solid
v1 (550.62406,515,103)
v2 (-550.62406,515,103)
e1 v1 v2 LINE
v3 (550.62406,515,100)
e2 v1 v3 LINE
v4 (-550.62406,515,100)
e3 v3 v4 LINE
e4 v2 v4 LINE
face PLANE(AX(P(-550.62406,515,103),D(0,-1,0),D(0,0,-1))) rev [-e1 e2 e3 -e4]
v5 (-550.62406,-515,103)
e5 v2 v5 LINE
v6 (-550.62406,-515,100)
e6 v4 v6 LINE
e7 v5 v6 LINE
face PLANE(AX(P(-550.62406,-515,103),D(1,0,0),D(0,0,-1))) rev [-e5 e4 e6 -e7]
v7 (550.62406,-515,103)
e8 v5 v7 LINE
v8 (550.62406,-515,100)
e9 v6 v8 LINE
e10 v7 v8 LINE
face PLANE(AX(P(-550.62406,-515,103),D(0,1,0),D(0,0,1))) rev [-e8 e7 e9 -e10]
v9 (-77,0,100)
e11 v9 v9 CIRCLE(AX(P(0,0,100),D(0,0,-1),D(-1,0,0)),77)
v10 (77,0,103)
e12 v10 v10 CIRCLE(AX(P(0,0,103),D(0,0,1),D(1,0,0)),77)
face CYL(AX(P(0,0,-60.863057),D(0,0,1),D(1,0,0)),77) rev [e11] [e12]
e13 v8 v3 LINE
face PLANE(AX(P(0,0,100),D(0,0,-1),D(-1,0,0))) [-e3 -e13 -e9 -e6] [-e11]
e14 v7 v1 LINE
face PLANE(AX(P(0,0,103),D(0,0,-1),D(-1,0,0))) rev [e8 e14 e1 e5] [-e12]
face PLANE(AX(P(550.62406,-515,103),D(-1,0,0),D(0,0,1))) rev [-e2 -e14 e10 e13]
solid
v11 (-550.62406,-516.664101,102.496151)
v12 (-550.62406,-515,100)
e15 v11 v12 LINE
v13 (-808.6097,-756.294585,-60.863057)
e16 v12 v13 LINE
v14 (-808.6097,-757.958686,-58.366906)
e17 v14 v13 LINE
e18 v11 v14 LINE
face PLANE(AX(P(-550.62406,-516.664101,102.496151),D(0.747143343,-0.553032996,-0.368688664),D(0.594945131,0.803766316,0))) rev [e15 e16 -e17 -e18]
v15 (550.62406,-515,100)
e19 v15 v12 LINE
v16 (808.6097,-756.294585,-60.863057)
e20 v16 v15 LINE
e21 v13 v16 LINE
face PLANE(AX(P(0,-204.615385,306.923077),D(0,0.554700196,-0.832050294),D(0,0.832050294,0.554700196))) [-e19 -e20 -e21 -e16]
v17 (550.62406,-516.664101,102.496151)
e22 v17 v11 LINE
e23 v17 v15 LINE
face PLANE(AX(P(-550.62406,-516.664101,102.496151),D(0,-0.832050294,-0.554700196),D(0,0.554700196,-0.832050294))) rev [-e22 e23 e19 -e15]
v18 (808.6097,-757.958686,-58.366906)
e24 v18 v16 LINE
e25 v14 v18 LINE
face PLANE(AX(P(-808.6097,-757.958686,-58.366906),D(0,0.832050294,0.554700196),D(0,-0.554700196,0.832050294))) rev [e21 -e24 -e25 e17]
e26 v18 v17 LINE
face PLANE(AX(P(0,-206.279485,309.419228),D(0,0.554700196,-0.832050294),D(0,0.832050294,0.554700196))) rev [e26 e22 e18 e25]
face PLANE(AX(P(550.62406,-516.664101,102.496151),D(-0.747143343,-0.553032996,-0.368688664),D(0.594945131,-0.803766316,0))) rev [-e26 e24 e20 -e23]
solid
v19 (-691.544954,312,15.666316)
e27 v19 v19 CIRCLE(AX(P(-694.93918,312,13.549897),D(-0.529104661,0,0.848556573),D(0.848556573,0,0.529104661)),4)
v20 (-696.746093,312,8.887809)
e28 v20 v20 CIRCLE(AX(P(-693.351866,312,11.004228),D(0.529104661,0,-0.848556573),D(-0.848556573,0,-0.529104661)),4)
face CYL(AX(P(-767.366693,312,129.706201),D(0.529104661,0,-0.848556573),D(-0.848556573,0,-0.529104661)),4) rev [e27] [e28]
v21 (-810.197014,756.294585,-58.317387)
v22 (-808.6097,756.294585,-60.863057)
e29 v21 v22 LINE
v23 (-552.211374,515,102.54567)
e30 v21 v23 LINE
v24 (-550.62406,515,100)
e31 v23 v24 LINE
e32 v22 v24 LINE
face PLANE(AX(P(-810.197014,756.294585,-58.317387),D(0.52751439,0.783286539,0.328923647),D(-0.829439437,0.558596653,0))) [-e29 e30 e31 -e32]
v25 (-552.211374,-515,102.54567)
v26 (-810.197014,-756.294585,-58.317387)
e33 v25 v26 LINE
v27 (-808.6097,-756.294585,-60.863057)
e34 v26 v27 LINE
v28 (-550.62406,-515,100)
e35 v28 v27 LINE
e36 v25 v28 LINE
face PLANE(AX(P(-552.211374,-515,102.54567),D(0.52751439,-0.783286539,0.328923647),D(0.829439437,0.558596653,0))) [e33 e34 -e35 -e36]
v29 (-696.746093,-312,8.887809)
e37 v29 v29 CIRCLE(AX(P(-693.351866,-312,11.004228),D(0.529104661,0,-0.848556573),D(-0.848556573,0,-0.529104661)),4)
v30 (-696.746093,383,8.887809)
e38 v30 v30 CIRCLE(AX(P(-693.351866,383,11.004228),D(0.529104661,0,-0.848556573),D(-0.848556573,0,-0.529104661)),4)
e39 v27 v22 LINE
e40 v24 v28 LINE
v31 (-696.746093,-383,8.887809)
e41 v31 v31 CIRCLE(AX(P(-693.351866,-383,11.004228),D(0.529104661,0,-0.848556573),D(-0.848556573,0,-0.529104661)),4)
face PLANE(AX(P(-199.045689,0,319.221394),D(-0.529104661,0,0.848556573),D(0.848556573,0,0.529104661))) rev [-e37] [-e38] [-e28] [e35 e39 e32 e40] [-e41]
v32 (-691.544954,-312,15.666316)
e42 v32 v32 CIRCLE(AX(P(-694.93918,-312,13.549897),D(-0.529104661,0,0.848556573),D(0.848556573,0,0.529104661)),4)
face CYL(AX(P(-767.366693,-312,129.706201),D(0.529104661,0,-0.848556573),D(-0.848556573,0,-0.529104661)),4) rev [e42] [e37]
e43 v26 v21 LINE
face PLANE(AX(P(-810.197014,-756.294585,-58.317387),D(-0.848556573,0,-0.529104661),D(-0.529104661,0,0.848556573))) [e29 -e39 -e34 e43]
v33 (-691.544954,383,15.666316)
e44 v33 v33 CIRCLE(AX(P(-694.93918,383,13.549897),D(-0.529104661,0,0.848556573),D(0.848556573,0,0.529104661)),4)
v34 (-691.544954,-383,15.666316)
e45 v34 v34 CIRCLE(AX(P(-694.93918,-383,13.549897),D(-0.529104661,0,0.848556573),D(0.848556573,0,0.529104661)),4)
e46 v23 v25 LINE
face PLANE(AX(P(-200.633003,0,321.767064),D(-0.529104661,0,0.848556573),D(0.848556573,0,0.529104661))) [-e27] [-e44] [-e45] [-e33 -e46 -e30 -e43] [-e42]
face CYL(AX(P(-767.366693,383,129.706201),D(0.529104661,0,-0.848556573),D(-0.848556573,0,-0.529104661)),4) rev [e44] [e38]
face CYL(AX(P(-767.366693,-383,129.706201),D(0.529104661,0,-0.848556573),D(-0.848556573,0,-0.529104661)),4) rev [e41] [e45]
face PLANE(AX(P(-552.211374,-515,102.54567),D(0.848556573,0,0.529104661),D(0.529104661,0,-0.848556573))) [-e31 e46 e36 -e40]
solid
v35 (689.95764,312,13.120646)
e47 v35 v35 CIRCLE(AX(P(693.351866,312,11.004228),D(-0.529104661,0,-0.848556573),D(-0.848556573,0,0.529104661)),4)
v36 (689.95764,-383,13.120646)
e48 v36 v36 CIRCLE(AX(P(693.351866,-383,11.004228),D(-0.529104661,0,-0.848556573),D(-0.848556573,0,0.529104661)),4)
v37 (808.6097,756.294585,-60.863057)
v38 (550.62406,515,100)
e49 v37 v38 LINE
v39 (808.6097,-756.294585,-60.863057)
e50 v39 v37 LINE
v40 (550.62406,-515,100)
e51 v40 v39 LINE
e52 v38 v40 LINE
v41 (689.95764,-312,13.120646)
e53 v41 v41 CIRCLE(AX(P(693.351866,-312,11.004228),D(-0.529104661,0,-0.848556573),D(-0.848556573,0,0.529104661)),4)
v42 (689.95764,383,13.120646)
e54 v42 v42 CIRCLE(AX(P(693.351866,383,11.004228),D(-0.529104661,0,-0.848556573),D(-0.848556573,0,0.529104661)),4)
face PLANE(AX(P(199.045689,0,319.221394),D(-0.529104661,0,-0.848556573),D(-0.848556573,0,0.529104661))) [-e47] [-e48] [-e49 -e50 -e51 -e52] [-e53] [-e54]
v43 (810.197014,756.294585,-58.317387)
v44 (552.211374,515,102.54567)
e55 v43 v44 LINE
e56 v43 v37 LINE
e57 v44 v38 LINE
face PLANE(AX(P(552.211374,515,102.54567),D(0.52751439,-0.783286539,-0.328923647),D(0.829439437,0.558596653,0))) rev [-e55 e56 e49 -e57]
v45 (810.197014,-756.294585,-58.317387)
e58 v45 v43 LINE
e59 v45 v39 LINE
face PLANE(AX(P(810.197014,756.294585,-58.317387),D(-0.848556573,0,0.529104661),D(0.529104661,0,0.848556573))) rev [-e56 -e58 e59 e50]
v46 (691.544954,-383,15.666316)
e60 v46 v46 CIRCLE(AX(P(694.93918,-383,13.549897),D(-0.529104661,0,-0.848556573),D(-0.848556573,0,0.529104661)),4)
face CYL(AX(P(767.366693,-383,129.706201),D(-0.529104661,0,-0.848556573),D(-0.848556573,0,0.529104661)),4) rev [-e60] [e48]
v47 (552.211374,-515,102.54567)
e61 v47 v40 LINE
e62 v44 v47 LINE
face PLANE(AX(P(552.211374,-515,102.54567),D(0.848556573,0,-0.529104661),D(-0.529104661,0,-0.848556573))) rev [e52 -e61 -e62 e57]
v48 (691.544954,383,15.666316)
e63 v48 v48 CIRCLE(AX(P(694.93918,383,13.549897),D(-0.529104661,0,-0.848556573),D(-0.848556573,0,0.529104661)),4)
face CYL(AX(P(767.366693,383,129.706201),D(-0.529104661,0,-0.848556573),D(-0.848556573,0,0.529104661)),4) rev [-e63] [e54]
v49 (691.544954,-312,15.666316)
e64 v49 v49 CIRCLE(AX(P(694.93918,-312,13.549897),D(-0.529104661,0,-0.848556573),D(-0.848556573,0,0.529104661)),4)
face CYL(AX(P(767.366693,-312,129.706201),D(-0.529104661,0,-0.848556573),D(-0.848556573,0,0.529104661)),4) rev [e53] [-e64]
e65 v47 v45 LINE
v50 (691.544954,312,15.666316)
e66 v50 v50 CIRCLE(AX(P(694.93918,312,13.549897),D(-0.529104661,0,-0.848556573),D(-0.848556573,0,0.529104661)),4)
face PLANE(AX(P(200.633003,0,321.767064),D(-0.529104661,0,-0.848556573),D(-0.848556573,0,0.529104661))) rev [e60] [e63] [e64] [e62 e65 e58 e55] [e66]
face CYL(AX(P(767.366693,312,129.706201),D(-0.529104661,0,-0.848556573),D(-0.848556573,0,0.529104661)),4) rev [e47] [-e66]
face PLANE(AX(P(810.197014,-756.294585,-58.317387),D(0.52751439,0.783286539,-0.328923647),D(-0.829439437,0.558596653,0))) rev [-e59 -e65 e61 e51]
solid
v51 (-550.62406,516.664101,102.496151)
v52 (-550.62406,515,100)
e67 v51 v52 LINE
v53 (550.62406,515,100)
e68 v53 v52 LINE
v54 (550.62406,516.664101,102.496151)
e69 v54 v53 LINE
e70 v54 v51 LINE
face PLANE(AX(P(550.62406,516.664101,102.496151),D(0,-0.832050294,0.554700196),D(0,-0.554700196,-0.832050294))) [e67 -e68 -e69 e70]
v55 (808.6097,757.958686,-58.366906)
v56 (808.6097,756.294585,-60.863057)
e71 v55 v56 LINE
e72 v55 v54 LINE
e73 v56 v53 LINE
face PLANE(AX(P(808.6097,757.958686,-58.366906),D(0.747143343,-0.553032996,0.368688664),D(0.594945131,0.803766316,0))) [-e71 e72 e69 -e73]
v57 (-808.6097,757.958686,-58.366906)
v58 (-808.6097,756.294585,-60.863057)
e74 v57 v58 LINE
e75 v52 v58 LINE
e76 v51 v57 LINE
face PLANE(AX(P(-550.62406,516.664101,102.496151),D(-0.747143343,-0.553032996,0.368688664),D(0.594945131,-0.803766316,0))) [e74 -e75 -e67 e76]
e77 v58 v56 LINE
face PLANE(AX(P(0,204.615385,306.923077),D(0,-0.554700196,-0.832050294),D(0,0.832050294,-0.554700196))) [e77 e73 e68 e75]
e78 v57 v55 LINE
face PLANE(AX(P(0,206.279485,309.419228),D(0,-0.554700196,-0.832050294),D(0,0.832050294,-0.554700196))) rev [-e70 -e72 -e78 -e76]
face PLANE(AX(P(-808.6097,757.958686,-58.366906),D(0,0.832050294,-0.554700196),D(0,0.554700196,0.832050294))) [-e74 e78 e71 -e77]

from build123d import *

# Parameters (mm, degrees)
BOSS_EXTRUDE1_DEPTH = 3
BOSS_EXTRUDE2_DEPTH = 3
BOSS_EXTRUDE3_DEPTH = 3
BOSS_EXTRUDE4_DEPTH = 3
SKETCH7_W           = 1101.2481203
SKETCH7_H           = 1030
BOSS_EXTRUDE5_DEPTH = 3
SKETCH9_R           = 4
CUT_EXTRUDE2_DEPTH  = 1319.156436785
SKETCH10_R          = 4
CUT_EXTRUDE3_DEPTH  = 1319.156436785
SKETCH11_R          = 77
CUT_EXTRUDE4_DEPTH  = 1122.504200496


with BuildPart() as part:
    # Sketch3 → Boss-Extrude1 (new body)
    with BuildSketch(Plane(origin=(0, -204.615384615, 306.923076923), x_dir=(1, 0, 0), z_dir=(0, -0.554700196225229, 0.8320502943378437))):
        Polygon((-550.62406015, -373.035881961), (550.62406015, -373.035881961), (711, -553.313445735), (808.609699533, -663.035881961), (-808.609699533, -663.035881961), (-711, -553.313445735), align=None)
    extrude(amount=BOSS_EXTRUDE1_DEPTH)


with BuildPart() as body_2:
    # Sketch4 → Boss-Extrude2 (new body)
    with BuildSketch(Plane(origin=(-199.04568884, 0, 319.221394207), x_dir=(-0.8485565730164447, 0, -0.5291046610932351), z_dir=(0.5291046610932351, 0, -0.8485565730164447))):
        Polygon((414.325199392, -515), (414.325199392, 515), (718.354002641, 756.294585358), (718.354002641, -756.294585358), align=None)
    extrude(amount=-BOSS_EXTRUDE2_DEPTH)

    # Sketch10 → Cut-Extrude3 (cut, through all)
    with BuildSketch(Plane(origin=(-199.04568884, 0, 319.221394207), x_dir=(-0.8485565730164447, 0, -0.5291046610932351), z_dir=(0.5291046610932351, 0, -0.8485565730164447))):
        with Locations((582.525895377, -383)):
            Circle(SKETCH10_R)
        with Locations((582.525895377, -312)):
            Circle(SKETCH10_R)
        with Locations((582.525895377, 312)):
            Circle(SKETCH10_R)
        with Locations((582.525895377, 383)):
            Circle(SKETCH10_R)
    extrude(amount=-CUT_EXTRUDE3_DEPTH, mode=Mode.SUBTRACT)


with BuildPart() as body_3:
    # Sketch5 → Boss-Extrude3 (new body)
    with BuildSketch(Plane(origin=(199.04568884, 0, 319.221394207), x_dir=(0.8485565730164449, 0, -0.5291046610932348), z_dir=(0.5291046610932347, 0, 0.8485565730164448))):
        Polygon((414.325199392, -515), (414.325199392, 515), (718.354002641, 756.294585358), (718.354002641, -756.294585358), align=None)
    extrude(amount=BOSS_EXTRUDE3_DEPTH)

    # Sketch9 → Cut-Extrude2 (cut, through all)
    with BuildSketch(Plane(origin=(199.04568884, 0, 319.221394207), x_dir=(-0.8485565730164449, 0, 0.5291046610932348), z_dir=(-0.5291046610932347, 0, -0.8485565730164448))):
        with Locations((-582.525895377, 383)):
            Circle(SKETCH9_R)
        with Locations((-582.525895377, 312)):
            Circle(SKETCH9_R)
        with Locations((-582.525895377, -312)):
            Circle(SKETCH9_R)
        with Locations((-582.525895377, -383)):
            Circle(SKETCH9_R)
    extrude(amount=-CUT_EXTRUDE2_DEPTH, mode=Mode.SUBTRACT)


with BuildPart() as body_4:
    # Sketch6 → Boss-Extrude4 (new body)
    with BuildSketch(Plane(origin=(0, 204.615384615, 306.923076923), x_dir=(-1, 0, 0), z_dir=(0, -0.554700196225229, -0.8320502943378437))):
        Polygon((-550.62406015, 373.035881961), (550.62406015, 373.035881961), (808.609699533, 663.035881961), (-808.609699533, 663.035881961), align=None)
    extrude(amount=-BOSS_EXTRUDE4_DEPTH)


with BuildPart() as body_5:
    # Sketch7 → Boss-Extrude5 (new body)
    with BuildSketch(Plane.XY.offset(100)):
        Rectangle(SKETCH7_W, SKETCH7_H)
    extrude(amount=BOSS_EXTRUDE5_DEPTH)

    # Sketch11 → Cut-Extrude4 (cut, through all)
    with BuildSketch(Plane.XY.offset(103)):
        Circle(SKETCH11_R)
    extrude(amount=-CUT_EXTRUDE4_DEPTH, mode=Mode.SUBTRACT)


solid = Compound([part.part, body_2.part, body_3.part, body_4.part, body_5.part])
